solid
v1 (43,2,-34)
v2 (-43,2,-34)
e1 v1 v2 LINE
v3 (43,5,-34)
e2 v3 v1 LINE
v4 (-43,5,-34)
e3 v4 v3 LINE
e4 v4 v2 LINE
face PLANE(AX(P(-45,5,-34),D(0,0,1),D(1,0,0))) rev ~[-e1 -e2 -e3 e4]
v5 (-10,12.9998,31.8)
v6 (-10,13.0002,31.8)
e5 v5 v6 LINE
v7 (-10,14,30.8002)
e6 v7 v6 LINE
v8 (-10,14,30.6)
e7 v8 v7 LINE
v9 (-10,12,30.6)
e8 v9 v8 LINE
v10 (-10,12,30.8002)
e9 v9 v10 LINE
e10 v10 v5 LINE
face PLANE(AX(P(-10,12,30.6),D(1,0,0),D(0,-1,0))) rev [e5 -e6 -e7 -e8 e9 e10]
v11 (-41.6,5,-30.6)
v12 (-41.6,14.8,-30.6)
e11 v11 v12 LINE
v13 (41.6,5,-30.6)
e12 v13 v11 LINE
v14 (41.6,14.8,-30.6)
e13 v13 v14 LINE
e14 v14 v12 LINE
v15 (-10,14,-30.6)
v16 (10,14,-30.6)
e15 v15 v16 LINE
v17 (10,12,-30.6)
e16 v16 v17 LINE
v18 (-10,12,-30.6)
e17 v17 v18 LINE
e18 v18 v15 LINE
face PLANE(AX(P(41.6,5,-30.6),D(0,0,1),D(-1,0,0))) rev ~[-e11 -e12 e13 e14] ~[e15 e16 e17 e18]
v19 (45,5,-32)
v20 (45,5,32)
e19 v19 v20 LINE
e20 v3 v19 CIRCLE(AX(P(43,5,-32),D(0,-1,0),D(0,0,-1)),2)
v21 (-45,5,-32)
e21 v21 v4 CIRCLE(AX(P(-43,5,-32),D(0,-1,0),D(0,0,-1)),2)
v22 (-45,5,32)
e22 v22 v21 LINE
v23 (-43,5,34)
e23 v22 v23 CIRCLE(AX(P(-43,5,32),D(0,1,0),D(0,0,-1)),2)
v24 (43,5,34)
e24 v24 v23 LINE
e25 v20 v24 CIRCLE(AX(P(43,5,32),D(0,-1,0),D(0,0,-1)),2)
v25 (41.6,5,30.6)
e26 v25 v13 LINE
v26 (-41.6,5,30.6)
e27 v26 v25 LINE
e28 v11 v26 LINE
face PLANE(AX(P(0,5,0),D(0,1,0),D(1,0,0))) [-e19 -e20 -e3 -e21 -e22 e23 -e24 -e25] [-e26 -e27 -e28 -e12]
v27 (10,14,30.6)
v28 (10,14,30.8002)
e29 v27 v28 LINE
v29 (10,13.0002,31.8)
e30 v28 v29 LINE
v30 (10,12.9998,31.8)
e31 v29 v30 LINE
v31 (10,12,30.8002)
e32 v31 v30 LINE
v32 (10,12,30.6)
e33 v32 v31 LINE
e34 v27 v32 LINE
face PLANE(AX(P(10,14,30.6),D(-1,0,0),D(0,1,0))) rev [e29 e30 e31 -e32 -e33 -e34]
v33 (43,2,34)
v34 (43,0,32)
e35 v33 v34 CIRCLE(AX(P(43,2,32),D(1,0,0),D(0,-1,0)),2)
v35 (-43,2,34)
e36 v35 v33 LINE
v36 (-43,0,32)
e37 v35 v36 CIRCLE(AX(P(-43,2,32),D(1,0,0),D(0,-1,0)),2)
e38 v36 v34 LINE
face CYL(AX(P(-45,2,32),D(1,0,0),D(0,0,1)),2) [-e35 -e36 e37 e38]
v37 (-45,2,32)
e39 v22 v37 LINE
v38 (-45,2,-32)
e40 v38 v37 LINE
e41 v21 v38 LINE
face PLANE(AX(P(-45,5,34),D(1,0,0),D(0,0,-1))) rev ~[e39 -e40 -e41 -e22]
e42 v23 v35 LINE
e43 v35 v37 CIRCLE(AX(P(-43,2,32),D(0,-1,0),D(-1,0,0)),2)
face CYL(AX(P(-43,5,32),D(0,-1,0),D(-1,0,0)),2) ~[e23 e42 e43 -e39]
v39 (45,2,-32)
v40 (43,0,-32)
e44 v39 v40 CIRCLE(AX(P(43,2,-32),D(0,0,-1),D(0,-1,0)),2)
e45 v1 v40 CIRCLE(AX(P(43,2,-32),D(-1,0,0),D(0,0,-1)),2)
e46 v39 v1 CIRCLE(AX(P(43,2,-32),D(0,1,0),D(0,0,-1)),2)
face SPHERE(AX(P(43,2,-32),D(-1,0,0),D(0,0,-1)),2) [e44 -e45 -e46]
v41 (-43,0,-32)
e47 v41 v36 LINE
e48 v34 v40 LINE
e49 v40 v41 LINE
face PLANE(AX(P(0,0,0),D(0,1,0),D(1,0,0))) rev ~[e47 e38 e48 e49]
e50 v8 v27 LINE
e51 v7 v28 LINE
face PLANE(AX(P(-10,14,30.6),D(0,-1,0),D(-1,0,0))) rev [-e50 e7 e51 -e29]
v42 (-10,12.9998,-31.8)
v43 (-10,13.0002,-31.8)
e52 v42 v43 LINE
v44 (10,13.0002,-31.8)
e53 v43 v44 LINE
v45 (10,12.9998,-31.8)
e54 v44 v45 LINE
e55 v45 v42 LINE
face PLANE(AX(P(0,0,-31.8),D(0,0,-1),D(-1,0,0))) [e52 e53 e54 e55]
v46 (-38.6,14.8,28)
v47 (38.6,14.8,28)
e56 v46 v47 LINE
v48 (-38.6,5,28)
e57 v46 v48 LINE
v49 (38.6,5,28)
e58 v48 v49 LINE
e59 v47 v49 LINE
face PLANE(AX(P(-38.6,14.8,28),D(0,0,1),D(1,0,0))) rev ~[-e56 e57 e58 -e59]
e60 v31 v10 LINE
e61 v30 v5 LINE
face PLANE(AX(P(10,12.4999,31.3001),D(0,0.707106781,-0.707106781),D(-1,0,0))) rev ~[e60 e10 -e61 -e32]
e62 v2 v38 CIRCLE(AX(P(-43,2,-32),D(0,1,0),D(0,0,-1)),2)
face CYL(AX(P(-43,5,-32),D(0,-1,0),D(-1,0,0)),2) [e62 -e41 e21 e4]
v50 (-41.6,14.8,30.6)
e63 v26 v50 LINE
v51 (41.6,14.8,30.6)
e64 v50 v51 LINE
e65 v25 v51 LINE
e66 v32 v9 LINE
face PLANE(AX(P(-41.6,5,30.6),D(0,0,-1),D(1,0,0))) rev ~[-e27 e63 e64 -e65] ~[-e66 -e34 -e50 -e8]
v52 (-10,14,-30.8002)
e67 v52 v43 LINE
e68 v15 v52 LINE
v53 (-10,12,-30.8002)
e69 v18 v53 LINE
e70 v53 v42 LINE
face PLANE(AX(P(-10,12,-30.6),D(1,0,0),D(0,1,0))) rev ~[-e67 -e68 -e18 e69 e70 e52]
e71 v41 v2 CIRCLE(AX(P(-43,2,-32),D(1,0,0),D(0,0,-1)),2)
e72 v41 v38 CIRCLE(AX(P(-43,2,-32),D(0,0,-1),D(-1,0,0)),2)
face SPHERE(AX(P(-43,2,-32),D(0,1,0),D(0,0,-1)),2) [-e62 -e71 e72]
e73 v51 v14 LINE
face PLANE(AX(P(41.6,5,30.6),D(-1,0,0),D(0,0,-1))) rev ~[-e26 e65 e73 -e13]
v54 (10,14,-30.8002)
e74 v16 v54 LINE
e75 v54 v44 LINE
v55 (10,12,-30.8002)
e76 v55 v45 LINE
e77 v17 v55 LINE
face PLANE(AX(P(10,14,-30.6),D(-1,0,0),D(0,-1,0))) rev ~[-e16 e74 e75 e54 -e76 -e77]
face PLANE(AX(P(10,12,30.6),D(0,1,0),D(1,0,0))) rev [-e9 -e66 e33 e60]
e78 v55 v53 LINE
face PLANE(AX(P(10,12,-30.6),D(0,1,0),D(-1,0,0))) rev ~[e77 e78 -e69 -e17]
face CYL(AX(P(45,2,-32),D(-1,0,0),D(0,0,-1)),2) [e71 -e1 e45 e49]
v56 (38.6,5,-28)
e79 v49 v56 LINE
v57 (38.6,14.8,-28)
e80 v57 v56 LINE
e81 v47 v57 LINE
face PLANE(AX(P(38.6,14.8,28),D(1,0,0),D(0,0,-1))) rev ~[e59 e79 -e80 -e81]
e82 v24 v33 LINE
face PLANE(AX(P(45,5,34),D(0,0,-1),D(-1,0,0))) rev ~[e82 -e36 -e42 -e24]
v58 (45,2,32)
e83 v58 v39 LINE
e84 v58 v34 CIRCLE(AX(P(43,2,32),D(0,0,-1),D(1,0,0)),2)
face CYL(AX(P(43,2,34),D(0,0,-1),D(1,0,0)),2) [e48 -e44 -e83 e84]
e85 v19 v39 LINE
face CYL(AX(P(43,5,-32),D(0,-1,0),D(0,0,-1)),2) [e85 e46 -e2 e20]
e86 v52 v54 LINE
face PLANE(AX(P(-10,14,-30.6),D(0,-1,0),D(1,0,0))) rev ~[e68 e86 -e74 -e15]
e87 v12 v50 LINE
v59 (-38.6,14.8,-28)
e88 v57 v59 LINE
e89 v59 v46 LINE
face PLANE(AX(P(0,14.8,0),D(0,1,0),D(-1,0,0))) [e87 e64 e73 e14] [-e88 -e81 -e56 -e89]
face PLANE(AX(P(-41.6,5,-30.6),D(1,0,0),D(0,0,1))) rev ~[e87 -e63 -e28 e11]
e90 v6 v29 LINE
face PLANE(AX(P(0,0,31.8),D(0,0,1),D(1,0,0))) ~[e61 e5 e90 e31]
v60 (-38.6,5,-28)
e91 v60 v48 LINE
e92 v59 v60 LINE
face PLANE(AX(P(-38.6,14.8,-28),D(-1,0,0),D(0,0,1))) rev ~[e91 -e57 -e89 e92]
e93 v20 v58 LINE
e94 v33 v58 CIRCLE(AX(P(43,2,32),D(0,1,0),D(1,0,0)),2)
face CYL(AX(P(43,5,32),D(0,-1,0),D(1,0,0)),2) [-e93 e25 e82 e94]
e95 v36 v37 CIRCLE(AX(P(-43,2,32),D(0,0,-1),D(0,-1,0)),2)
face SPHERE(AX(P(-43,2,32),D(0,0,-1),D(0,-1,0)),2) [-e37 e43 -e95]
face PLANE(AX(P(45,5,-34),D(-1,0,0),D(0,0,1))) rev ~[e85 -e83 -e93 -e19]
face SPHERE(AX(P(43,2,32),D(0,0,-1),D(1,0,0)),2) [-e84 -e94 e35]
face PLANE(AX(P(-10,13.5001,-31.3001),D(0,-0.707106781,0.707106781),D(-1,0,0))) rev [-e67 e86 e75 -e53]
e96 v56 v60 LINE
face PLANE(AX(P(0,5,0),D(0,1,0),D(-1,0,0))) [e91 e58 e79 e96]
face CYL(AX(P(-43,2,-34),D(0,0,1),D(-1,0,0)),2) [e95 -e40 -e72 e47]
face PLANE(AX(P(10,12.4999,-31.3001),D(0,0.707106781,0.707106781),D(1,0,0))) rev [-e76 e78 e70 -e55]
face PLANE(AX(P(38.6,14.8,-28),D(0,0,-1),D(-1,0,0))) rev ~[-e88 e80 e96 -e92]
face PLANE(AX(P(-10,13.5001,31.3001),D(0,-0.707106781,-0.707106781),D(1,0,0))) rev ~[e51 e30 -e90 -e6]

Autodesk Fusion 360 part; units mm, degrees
sketch "Sketch1" plane through (0, 0, 0) normal (0, 1, 0) x (1, 0, 0)
  line L0 (47, 36) -> (-47, 36)
  line L1 (-47, 36) -> (-47, -36)
  line L2 (-47, -36) -> (47, -36)
  line L3 (47, -36) -> (47, 36)
  line L4 (47, 36) -> (-47, -36) construction
  line L5 (-47, 36) -> (47, -36) construction
  dimension "d1" = 72
  dimension "d2" = 94
extrude "Extrude1" add sketch "Sketch1" along normal blind 5
sketch "Sketch2" plane through (0, 5, 0) normal (0, 1, 0) x (-1, 0, 0)
  line L0 (-47, 36) -> (-47, -36)
  line L1 (-47, -36) -> (47, -36)
  line L2 (47, -36) -> (47, 36)
  line L3 (47, 36) -> (-47, 36)
  line L4 (-41.6, -30.6) -> (41.6, -30.6)
  line L5 (41.6, -30.6) -> (41.6, 30.6)
  line L6 (41.6, 30.6) -> (-41.6, 30.6)
  line L7 (-41.6, 30.6) -> (-41.6, -30.6)
  line L8 (-41.6, -30.6) -> (41.6, 30.6) construction
  line L9 (41.6, -30.6) -> (-41.6, 30.6) construction
  dimension "d5" = 83.2
  dimension "d6" = 61.2
extrude "Extrude2" add sketch "Sketch2" along normal blind 9.8 contours L4 L5 L6 L7
fillet "Fillet1" radius 2 4 edges at (47, 2.5, -36) (47, 2.5, 36) (-47, 2.5, 36) (-47, 2.5, -36)
fillet "Fillet2" radius 2 8 edges at (0, 0, -36) (-46.4142, 0, -35.4142) (-47, 0, 0) (-46.4142, 0, 35.4142) (0, 0, 36) (46.4142, 0, 35.4142) (47, 0, 0) (46.4142, 0, -35.4142)
sketch "Sketch3" plane through (0, 14.8, 0) normal (0, 1, 0) x (-1, 0, 0)
  line L0 (-41.6, 30.6) -> (-41.6, -30.6)
  line L1 (-41.6, -30.6) -> (41.6, -30.6)
  line L2 (41.6, -30.6) -> (41.6, 30.6)
  line L3 (41.6, 30.6) -> (-41.6, 30.6)
  line L4 (-38.6, -28) -> (38.6, -28)
  line L5 (38.6, -28) -> (38.6, 28)
  line L6 (38.6, 28) -> (-38.6, 28)
  line L7 (-38.6, 28) -> (-38.6, -28)
  line L8 (-38.6, -28) -> (38.6, 28) construction
  line L9 (38.6, -28) -> (-38.6, 28) construction
  line L10 (-45, -34) -> (45, -34)
  dimension "d11" = 56
  dimension "d12" = 77.2
  dimension "d13" = 90
extrude "Extrude3" cut sketch "Sketch3" against normal blind 9.8 contours L4 L5 L6 L7
sketch "Sketch4" plane through (0, 0, -30.6) normal (0, 0, -1) x (-1, 0, 0)
  line L0 (-41.6, 5) -> (41.6, 5)
  line L1 (41.6, 5) -> (41.6, 14.8)
  line L2 (41.6, 14.8) -> (-41.6, 14.8)
  line L3 (-41.6, 14.8) -> (-41.6, 5)
  line L4 (10, 14) -> (-10, 14)
  line L5 (-10, 14) -> (-10, 12)
  line L6 (-10, 12) -> (10, 12)
  line L7 (10, 12) -> (10, 14)
  line L8 (10, 14) -> (-10, 12) construction
  line L9 (-10, 14) -> (10, 12) construction
  point P0 (0, 13)
  dimension "d16" = 20
  dimension "d17" = 2
extrude "Extrude4" add sketch "Sketch4" along normal blind 1.2 contours L4 L5 L6 L7
sketch "Sketch5" plane through (10, 0, 0) normal (1, 0, 0) x (0, 0, -1)
  line L0 (30.6, 14) -> (30.6, 12)
  line L1 (30.6, 12) -> (31.8, 12)
  line L2 (31.8, 12) -> (31.8, 14)
  line L3 (31.8, 14) -> (30.6, 14)
  point P0 (31.8, 14)
  point P1 (31.8, 12)
  point P2 (31.8, 12)
  point P3 (31.8, 12)
  point P4 (31.8, 12)
  point P5 (31.8, 12)
  point P6 (31.8, 14)
  point P7 (31.8, 14)
  point P8 (31.8, 14)
  point P9 (31.8, 14)
  point P10 (31.8, 14)
  point P11 (31.8, 14)
  point P12 (31.8, 14)
  point P13 (31.8, 14)
  point P14 (31.8, 14)
  point P15 (31.8, 14)
  point P16 (31.8, 12)
  point P17 (31.8, 14)
  point P18 (31.8, 12)
  point P19 (31.8, 14)
ref_plane "WorkPlane2" through (0, 9.9, 0) normal (0, 0, 1) x (-1, 0, 0)
ref_plane "WorkPlane1" through (0, 9.9, 30.6) normal (0, 0, 1) x (1, 0, 0)
ref_plane "WorkPlane3" through (0, 13, -26.8) normal (0, 0, -1) x (-1, 0, 0)
ref_plane "WorkPlane4" through (0, 13, -26.8) normal (0, 0, -1) x (-1, 0, 0)
mirror "Mirror1" about plane through (0, 9.9, 0) normal (0, 0, 1) of "Extrude4"
chamfer "Chamfer1" distance 1 angle 45 2 edges at (0, 14, 31.8) (0, 12, 31.8)
chamfer "Chamfer2" distance 1 angle 45 2 edges at (0, 14, -31.8) (0, 12, -31.8)
sketch "Sketch6" plane through (0, 14.8, 0) normal (0, 1, 0) x (-1, 0, 0)
  line L0 (38.6, -28) -> (-38.6, -28)
  line L1 (-38.6, -28) -> (-38.6, 28)
  line L2 (-38.6, 28) -> (38.6, 28)
  line L3 (38.6, 28) -> (38.6, -28)
  line L4 (-41.6, 30.6) -> (-41.6, -30.6)
  line L5 (-41.6, -30.6) -> (41.6, -30.6)
  line L6 (41.6, -30.6) -> (41.6, 30.6)
  line L7 (41.6, 30.6) -> (-41.6, 30.6)
  point P0 (42.1144, 28)
  point P1 (-41.6, 30.6)
sketch "Sketch7" plane through (0, 5, 0) normal (0, 1, 0) x (-1, 0, 0)
  arc A0 (45, -36) -> (47, -34) centre (45, -34) ccw
  line L0 (47, -34) -> (47, 34)
  arc A1 (47, 34) -> (45, 36) centre (45, 34) ccw
  line L1 (45, 36) -> (-45, 36)
  arc A2 (-45, 36) -> (-47, 34) centre (-45, 34) ccw
  line L2 (-47, 34) -> (-47, -34)
  arc A3 (-47, -34) -> (-45, -36) centre (-45, -34) ccw
  line L3 (-45, -36) -> (45, -36)
  line L4 (-41.6, 30.6) -> (41.6, 30.6)
  line L5 (41.6, 30.6) -> (41.6, -30.6)
  line L6 (41.6, -30.6) -> (-41.6, -30.6)
  line L7 (-41.6, -30.6) -> (-41.6, 30.6)
  line L8 (45, -34) -> (-45, -34)
  line L9 (-45, -34) -> (-45, 34)
  line L10 (-45, 34) -> (45, 34)
  line L11 (45, 34) -> (45, -34)
extrude "Extrude5" cut sketch "Sketch7" against normal blind 5 contours A0 L0 A1 L1 A2 L2 A3 L3
fillet "Fillet3" radius 2 8 edges at (-45, 2.5, -34) (0, 0, -34) (-45, 0, 0) (45, 2.5, -34) (45, 0, 0) (45, 2.5, 34) (0, 0, 34) (-45, 2.5, 34)
